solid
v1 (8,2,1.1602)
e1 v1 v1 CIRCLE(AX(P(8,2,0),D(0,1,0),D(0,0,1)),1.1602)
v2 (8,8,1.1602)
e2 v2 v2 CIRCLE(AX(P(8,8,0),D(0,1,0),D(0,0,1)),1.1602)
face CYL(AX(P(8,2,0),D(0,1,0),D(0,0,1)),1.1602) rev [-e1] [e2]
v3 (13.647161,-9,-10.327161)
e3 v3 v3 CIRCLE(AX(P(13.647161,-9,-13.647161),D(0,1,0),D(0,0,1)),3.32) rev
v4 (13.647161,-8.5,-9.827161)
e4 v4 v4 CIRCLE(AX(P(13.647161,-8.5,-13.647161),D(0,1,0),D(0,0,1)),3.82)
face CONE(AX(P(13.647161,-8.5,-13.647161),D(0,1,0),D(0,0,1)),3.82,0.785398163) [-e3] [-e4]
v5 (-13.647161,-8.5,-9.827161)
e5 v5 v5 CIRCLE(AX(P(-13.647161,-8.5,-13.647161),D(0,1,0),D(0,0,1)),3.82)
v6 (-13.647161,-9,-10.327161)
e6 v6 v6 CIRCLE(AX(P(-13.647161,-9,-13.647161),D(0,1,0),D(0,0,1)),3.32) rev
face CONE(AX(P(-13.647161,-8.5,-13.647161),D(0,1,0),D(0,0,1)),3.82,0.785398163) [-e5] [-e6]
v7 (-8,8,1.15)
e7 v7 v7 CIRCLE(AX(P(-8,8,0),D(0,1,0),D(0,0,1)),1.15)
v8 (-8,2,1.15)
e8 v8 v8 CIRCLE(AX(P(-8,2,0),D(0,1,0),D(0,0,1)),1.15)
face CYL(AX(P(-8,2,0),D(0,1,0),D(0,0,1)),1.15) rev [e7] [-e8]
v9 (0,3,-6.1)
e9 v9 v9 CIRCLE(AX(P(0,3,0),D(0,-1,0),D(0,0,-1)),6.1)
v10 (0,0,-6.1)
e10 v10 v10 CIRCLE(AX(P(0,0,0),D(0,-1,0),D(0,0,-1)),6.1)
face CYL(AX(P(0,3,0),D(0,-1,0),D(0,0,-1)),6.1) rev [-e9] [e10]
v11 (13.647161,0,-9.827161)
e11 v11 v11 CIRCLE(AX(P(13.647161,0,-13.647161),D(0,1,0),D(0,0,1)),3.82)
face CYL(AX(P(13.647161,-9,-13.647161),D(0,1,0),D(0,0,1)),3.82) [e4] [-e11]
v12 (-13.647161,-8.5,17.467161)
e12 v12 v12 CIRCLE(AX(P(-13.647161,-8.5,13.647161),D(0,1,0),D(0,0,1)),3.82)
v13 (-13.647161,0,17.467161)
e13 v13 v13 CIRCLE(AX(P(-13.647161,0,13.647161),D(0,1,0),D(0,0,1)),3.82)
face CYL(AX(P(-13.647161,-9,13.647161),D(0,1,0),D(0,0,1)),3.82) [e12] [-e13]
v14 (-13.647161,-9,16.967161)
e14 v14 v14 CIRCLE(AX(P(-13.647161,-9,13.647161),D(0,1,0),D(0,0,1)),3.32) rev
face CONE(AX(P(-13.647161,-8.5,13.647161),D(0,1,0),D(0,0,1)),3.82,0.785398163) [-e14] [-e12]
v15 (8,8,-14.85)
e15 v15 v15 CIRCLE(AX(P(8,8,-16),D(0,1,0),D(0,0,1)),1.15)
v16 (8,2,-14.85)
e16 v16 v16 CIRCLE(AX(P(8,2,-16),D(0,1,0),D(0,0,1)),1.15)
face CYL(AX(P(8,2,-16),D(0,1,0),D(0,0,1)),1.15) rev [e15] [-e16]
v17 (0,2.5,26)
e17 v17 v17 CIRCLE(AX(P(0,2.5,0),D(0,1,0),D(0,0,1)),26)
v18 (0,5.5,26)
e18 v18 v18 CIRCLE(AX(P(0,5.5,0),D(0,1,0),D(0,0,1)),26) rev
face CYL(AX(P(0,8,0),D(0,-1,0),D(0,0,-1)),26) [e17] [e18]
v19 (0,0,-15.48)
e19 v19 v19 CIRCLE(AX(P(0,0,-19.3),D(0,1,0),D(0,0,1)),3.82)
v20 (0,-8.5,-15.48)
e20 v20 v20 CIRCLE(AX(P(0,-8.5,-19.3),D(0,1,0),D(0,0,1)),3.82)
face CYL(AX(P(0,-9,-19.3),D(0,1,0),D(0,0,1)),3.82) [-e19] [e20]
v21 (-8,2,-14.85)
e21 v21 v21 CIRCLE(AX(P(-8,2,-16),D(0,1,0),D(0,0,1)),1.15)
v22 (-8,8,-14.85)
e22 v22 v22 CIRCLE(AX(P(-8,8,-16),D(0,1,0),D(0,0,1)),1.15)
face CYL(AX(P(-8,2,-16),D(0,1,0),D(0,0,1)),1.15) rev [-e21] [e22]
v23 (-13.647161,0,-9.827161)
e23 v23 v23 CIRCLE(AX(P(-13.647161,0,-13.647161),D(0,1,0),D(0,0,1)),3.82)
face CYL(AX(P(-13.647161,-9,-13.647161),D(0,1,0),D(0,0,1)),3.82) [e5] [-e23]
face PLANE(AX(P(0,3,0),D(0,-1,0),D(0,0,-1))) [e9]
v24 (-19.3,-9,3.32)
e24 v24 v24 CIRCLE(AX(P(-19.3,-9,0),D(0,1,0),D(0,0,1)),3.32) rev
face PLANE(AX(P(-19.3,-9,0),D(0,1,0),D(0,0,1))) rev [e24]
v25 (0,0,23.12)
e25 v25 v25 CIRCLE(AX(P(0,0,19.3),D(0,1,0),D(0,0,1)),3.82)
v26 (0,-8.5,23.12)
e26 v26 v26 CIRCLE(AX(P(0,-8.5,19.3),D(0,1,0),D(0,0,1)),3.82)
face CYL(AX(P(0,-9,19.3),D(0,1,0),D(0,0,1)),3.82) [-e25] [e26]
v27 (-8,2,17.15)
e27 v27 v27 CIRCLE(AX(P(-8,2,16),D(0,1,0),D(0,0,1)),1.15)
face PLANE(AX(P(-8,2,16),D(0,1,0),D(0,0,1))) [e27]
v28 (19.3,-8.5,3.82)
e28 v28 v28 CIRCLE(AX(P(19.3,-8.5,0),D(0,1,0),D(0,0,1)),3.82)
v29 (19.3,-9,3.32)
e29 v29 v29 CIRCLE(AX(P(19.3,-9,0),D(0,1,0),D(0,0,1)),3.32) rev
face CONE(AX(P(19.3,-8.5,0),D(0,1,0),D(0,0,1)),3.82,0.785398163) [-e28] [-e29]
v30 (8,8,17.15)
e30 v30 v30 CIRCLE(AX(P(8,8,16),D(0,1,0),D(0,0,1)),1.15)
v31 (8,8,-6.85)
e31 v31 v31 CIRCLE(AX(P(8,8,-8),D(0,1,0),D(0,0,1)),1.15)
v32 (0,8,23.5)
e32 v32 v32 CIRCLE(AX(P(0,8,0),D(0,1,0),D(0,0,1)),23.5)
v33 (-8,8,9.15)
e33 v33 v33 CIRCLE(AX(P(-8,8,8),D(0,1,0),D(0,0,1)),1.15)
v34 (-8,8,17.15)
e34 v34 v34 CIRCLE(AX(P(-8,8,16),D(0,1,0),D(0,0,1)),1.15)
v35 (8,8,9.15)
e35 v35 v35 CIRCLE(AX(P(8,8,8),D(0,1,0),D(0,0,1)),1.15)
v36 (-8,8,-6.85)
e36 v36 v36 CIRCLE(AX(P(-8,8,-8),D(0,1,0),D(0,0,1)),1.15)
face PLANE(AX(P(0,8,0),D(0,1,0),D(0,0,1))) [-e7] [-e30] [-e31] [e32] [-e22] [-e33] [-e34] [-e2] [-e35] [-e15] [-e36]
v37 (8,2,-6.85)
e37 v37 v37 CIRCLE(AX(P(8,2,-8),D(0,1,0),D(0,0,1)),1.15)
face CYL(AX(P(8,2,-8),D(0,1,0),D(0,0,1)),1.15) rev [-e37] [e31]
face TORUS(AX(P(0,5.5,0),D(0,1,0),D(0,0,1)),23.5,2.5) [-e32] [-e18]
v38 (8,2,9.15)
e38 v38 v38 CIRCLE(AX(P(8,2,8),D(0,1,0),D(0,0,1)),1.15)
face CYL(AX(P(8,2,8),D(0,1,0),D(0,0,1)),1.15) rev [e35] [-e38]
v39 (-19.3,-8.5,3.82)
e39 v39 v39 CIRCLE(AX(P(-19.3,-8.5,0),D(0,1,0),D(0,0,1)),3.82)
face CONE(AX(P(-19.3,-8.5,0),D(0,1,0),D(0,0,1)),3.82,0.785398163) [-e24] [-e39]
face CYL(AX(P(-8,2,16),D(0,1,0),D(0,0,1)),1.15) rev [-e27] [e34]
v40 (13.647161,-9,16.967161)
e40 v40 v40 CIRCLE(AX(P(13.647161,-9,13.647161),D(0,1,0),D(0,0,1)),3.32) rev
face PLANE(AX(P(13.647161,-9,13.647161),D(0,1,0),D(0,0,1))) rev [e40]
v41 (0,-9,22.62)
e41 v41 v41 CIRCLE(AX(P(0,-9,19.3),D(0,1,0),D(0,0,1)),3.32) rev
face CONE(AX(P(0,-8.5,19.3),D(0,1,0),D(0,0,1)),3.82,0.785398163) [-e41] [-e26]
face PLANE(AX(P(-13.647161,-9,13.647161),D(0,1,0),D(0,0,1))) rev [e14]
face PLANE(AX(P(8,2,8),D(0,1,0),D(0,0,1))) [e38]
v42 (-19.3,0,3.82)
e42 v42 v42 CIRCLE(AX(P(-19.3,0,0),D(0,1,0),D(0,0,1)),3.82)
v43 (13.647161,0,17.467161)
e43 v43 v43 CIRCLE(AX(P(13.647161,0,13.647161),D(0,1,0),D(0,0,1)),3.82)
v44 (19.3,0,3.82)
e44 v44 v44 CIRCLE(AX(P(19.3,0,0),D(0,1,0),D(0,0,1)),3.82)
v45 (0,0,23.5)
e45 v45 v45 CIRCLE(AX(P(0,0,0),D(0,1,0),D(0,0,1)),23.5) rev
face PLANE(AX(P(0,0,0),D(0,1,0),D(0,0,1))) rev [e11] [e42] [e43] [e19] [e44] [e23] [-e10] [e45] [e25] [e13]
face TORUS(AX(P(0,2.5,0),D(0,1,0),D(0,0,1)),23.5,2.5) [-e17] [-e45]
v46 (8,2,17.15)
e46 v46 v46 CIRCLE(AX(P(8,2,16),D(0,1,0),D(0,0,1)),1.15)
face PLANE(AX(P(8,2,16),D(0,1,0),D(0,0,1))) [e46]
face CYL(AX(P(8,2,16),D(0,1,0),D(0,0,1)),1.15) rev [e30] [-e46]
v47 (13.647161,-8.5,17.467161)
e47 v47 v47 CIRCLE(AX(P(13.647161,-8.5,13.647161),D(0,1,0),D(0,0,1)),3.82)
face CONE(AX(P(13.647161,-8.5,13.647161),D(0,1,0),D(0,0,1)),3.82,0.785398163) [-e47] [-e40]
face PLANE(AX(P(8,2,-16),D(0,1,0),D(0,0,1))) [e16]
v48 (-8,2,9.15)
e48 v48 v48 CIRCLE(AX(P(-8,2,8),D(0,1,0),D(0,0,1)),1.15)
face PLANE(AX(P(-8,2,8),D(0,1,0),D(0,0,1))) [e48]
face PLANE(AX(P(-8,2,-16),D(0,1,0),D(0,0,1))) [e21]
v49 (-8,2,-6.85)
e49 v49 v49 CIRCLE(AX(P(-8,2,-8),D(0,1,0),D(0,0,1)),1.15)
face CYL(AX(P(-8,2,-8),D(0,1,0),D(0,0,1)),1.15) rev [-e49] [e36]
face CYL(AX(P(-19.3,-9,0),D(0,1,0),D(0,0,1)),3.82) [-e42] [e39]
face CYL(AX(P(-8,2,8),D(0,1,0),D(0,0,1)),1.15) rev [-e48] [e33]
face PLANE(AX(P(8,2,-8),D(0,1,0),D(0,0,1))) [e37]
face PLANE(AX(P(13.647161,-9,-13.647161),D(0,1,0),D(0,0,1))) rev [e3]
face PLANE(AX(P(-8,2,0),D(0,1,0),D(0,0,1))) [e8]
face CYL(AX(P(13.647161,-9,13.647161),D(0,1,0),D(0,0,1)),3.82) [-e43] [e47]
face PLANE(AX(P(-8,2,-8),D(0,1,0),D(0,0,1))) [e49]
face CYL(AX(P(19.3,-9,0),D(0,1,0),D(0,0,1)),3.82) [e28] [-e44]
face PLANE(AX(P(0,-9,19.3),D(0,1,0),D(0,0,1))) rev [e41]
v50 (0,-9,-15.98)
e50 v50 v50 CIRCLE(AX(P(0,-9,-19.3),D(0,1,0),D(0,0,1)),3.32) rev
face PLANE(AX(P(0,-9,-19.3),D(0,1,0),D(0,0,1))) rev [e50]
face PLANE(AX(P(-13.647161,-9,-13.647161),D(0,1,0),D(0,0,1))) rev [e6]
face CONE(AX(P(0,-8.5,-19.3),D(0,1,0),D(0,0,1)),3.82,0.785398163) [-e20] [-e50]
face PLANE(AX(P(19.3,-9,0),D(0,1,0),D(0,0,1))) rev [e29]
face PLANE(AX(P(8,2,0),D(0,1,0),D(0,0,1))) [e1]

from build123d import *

# Parameters (mm, degrees)
SKETCH1_R           = 26
BOSS_EXTRUDE1_DEPTH = 8
SKETCH2_R           = 6.1
CUT_EXTRUDE2_DEPTH  = 3
SKETCH1_11_R        = 3.82
BOSS_EXTRUDE3_DEPTH = 9
FILLET1_R           = 2.5
SKETCH3_R           = 1.15
SKETCH3_R_2         = 1.160199873
CUT_EXTRUDE3_DEPTH  = 6
CHAMFER1_SIZE       = 0.5


with BuildPart() as part:
    # Sketch1 → Boss-Extrude1 (new body)
    with BuildSketch(Plane(origin=(0, 0, 0), x_dir=(1, 0, 0), z_dir=(0, 1, 0))):
        Circle(SKETCH1_R)
    extrude(amount=BOSS_EXTRUDE1_DEPTH)

    # Sketch2 → Cut-Extrude2 (cut)
    with BuildSketch(Plane.XZ):
        Circle(SKETCH2_R)
    extrude(amount=-CUT_EXTRUDE2_DEPTH, mode=Mode.SUBTRACT)

    # Sketch1<11> → Boss-Extrude3 (add)
    with BuildSketch(Plane(origin=(0, 0, 0), x_dir=(1, 0, 0), z_dir=(0, 1, 0))):
        with Locations((-13.647160877, 13.647160877)):
            Circle(SKETCH1_11_R)
        with Locations((0, 19.3)):
            Circle(SKETCH1_11_R)
        with Locations((13.647160877, 13.647160877)):
            Circle(SKETCH1_11_R)
        with Locations((19.3, 0)):
            Circle(SKETCH1_11_R)
        with Locations((13.647160877, -13.647160877)):
            Circle(SKETCH1_11_R)
        with Locations((0, -19.3)):
            Circle(SKETCH1_11_R)
        with Locations((-13.647160877, -13.647160877)):
            Circle(SKETCH1_11_R)
        with Locations((-19.3, 0)):
            Circle(SKETCH1_11_R)
    extrude(amount=-BOSS_EXTRUDE3_DEPTH)

    # Fillet1
    fillet1_edges = [part.edges().sort_by_distance(p)[0] for p in [
        (-26, 0, 0),
        (-26, 8, 0),
    ]]
    fillet(fillet1_edges, radius=FILLET1_R)

    # Sketch3 → Cut-Extrude3 (cut)
    with BuildSketch(Plane(origin=(0, 8, 0), x_dir=(1, 0, 0), z_dir=(0, 1, 0))):
        with Locations((-8, 16)):
            Circle(SKETCH3_R)
        with Locations((8, 16)):
            Circle(SKETCH3_R)
        with Locations((-8, 8)):
            Circle(SKETCH3_R)
        with Locations((8, 8)):
            Circle(SKETCH3_R)
        with Locations((-8, -8)):
            Circle(SKETCH3_R)
        with Locations((8, -8)):
            Circle(SKETCH3_R)
        with Locations((-8, -16)):
            Circle(SKETCH3_R)
        with Locations((8, -16)):
            Circle(SKETCH3_R)
        with Locations((-8, 0)):
            Circle(SKETCH3_R)
        with Locations((8, 0)):
            Circle(SKETCH3_R_2)
    extrude(amount=-CUT_EXTRUDE3_DEPTH, mode=Mode.SUBTRACT)

    # Chamfer1
    chamfer1_edges = [part.edges().sort_by_distance(p)[0] for p in [
        (-17.467160877, -9, -13.647160877),
        (-3.82, -9, -19.3),
        (9.827160877, -9, -13.647160877),
        (15.48, -9, 0),
        (9.827160877, -9, 13.647160877),
        (-3.82, -9, 19.3),
        (-17.467160877, -9, 13.647160877),
        (-23.12, -9, 0),
    ]]
    chamfer(chamfer1_edges, length=CHAMFER1_SIZE)


solid = part.part
